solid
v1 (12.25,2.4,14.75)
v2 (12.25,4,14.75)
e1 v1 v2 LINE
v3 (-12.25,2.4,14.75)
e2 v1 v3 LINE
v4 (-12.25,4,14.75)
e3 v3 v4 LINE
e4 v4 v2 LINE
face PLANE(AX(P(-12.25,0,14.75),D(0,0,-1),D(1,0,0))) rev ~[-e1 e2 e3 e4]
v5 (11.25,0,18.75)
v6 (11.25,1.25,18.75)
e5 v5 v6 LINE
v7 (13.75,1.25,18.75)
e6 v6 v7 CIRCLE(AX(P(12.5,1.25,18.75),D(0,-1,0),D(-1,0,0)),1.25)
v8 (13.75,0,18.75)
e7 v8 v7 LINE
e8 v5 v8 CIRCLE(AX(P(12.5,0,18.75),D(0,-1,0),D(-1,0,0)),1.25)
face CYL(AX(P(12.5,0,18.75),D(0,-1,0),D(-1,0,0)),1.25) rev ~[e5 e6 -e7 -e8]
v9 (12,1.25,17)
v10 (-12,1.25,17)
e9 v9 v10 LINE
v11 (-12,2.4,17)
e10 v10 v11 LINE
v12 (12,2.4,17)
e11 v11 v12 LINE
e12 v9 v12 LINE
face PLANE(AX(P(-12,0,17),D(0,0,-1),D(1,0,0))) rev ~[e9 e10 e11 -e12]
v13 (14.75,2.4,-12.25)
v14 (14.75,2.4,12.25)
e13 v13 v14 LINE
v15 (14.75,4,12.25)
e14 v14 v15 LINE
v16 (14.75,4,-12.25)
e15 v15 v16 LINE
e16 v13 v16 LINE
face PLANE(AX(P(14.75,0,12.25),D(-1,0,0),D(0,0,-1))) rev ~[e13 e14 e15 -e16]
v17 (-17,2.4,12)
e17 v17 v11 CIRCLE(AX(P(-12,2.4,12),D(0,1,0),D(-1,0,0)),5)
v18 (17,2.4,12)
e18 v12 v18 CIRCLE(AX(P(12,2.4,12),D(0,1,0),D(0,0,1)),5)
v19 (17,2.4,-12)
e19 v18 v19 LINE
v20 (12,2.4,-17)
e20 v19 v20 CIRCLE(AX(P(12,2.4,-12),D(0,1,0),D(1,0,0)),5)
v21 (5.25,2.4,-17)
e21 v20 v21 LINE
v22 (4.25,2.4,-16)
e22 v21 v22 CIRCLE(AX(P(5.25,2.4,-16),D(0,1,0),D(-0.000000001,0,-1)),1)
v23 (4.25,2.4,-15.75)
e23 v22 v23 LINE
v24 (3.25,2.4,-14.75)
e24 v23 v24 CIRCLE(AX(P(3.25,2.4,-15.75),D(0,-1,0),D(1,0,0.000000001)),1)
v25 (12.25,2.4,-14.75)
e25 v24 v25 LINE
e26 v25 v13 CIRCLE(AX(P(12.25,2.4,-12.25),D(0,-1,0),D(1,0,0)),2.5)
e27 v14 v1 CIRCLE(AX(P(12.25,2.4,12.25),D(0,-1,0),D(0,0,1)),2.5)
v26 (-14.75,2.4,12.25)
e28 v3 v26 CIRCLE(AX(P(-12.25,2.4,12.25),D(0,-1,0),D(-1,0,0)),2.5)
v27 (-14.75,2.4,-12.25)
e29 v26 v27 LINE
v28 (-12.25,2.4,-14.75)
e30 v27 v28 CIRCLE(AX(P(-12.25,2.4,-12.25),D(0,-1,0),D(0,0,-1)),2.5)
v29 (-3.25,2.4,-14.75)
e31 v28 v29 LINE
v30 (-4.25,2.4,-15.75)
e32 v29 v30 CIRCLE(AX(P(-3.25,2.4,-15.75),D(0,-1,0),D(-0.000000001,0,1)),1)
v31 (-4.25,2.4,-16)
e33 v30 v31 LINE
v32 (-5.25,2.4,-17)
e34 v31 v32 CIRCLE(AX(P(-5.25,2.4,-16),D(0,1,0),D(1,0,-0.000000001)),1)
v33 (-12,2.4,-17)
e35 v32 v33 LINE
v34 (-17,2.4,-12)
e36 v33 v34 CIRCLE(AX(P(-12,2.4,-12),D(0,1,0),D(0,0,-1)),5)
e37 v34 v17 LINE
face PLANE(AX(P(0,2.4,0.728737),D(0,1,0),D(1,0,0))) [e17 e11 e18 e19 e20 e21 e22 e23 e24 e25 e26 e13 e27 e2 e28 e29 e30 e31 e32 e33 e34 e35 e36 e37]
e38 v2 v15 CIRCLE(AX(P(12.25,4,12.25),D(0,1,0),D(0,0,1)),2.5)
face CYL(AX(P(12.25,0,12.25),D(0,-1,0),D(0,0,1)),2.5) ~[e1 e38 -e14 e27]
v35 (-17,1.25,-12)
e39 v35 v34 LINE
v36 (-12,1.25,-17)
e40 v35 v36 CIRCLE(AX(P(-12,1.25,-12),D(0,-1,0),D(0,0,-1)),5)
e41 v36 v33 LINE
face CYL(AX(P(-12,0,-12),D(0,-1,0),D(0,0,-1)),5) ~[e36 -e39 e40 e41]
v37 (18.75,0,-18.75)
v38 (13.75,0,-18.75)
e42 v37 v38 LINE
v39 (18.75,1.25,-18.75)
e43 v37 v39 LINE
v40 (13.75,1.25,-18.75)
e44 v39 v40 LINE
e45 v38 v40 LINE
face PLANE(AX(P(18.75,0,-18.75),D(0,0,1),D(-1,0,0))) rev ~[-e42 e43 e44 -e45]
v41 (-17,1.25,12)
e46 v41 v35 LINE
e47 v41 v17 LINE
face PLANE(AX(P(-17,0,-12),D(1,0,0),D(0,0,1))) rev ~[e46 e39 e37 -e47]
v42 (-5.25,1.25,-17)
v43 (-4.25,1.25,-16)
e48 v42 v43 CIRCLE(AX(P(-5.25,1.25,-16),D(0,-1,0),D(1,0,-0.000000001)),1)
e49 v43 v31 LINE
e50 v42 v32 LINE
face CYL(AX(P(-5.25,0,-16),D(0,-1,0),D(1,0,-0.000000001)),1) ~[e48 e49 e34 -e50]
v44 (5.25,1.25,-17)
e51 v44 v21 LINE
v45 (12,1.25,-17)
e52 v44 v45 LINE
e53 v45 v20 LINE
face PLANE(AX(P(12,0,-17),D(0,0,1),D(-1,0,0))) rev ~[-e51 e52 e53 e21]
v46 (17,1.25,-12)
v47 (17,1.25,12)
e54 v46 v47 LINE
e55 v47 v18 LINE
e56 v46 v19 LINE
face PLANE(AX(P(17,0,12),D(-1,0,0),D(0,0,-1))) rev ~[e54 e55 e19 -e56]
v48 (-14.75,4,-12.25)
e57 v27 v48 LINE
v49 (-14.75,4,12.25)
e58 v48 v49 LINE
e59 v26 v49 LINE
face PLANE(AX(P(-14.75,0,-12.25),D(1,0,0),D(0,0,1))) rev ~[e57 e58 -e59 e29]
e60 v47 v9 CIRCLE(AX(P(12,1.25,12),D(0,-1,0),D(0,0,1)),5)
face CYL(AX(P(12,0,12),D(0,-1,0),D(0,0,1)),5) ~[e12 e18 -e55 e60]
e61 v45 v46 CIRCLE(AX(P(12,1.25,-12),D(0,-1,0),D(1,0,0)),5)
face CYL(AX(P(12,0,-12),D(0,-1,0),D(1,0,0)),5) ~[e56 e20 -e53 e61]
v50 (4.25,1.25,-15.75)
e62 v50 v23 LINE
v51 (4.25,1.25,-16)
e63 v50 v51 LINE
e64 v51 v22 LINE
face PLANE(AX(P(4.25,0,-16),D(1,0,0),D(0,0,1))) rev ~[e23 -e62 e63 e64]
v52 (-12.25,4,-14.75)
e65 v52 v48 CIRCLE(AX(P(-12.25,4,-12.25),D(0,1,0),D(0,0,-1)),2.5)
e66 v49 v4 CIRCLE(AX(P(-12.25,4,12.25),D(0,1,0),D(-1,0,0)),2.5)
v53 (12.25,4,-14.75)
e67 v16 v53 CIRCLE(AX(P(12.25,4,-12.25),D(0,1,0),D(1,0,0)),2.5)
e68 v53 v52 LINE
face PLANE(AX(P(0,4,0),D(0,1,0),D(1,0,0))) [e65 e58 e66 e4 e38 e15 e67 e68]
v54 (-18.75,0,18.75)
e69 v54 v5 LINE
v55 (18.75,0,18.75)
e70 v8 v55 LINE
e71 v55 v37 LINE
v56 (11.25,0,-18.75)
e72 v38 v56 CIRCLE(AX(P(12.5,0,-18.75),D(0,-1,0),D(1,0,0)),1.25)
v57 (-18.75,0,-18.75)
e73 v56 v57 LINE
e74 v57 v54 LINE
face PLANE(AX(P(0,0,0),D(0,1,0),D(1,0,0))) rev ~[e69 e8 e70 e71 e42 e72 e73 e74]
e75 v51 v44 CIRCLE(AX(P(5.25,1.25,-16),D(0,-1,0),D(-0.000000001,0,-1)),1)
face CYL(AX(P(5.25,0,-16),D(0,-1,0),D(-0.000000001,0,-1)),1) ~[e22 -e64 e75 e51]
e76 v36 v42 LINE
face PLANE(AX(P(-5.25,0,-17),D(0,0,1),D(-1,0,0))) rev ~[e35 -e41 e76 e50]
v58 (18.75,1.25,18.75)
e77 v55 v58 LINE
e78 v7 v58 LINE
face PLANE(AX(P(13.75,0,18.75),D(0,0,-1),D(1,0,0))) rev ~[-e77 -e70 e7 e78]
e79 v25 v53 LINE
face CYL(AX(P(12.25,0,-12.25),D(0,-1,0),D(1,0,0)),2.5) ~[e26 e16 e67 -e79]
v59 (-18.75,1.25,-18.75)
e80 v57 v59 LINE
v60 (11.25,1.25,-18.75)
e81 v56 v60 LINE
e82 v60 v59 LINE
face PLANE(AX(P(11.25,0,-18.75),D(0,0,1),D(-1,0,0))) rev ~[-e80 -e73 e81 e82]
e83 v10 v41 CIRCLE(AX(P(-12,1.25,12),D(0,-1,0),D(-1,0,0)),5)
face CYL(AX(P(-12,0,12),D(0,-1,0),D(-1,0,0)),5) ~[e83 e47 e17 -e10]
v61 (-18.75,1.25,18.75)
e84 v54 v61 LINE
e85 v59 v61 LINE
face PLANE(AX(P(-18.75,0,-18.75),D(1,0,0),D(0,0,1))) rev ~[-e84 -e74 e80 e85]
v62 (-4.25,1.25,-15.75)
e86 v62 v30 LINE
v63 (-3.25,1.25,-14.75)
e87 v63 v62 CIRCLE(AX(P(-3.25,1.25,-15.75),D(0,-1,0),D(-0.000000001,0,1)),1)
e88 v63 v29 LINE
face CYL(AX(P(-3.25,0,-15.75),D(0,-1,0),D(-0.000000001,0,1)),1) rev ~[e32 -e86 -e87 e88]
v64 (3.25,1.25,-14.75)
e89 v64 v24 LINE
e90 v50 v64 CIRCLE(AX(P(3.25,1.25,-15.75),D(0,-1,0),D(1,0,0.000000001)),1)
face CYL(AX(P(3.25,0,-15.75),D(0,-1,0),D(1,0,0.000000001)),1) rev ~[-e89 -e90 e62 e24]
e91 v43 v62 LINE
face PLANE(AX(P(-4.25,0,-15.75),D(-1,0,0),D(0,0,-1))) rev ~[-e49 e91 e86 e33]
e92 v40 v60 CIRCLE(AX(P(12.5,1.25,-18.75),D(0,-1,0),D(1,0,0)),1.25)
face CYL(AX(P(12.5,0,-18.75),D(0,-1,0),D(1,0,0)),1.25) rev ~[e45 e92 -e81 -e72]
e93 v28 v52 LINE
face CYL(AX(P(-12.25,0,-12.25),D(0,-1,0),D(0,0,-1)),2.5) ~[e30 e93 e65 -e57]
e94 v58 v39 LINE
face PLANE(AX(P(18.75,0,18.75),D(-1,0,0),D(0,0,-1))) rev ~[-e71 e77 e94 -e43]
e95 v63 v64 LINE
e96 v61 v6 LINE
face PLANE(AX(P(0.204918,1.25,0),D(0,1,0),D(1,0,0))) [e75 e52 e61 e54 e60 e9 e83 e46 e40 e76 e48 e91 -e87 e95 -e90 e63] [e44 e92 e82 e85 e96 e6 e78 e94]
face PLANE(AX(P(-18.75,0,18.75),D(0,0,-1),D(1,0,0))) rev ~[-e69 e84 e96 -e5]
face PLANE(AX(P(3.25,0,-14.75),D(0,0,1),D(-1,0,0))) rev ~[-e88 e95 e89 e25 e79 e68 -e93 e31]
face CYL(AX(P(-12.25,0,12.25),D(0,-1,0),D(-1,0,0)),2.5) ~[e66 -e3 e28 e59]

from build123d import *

# Parameters (mm, degrees)
BOSS_EXTRUDE1_DEPTH = 1.25
BOSS_EXTRUDE2_DEPTH = 2.4
BOSS_EXTRUDE3_DEPTH = 4


with BuildPart() as part:
    # Sketch1 → Boss-Extrude1 (new body)
    with BuildSketch(Plane(origin=(0, 0, 0), x_dir=(1, 0, 0), z_dir=(0, 1, 0))):
        with BuildLine():
            Line((18.75, 18.75), (13.75, 18.75))
            ThreePointArc((13.75, 18.75), (12.5, 17.5), (11.25, 18.75))
            Line((11.25, 18.75), (-18.75, 18.75))
            Line((-18.75, 18.75), (-18.75, -18.75))
            Line((-18.75, -18.75), (11.25, -18.75))
            ThreePointArc((11.25, -18.75), (12.5, -17.5), (13.75, -18.75))
            Line((13.75, -18.75), (18.75, -18.75))
            Line((18.75, -18.75), (18.75, 18.75))
        make_face()
    extrude(amount=BOSS_EXTRUDE1_DEPTH)

    # Sketch1<3> → Boss-Extrude2 (add)
    with BuildSketch(Plane(origin=(0, 0, 0), x_dir=(1, 0, 0), z_dir=(0, 1, 0))):
        with BuildLine():
            Line((-4.25, 15.75), (-4.25, 16))
            ThreePointArc((-4.25, 16), (-4.542893219, 16.707106781), (-5.25, 17))
            Line((-5.25, 17), (-12, 17))
            ThreePointArc((-12, 17), (-15.535533906, 15.535533906), (-17, 12))
            Line((-17, 12), (-17, -12))
            ThreePointArc((-17, -12), (-15.535533906, -15.535533906), (-12, -17))
            Line((-12, -17), (12, -17))
            ThreePointArc((12, -17), (15.535533906, -15.535533906), (17, -12))
            Line((17, -12), (17, 12))
            ThreePointArc((17, 12), (15.535533906, 15.535533906), (12, 17))
            Line((12, 17), (5.25, 17))
            ThreePointArc((5.25, 17), (4.542893219, 16.707106781), (4.25, 16))
            Line((4.25, 16), (4.25, 15.75))
            ThreePointArc((4.25, 15.75), (3.957106781, 15.042893219), (3.25, 14.75))
            Line((3.25, 14.75), (-3.25, 14.75))
            ThreePointArc((-3.25, 14.75), (-3.957106781, 15.042893219), (-4.25, 15.75))
        make_face()
    extrude(amount=BOSS_EXTRUDE2_DEPTH)

    # Sketch1<4> → Boss-Extrude3 (add)
    with BuildSketch(Plane(origin=(0, 0, 0), x_dir=(1, 0, 0), z_dir=(0, 1, 0))):
        with BuildLine():
            Line((3.25, 14.75), (-3.25, 14.75))
            Line((-3.25, 14.75), (-12.25, 14.75))
            ThreePointArc((-12.25, 14.75), (-14.017766953, 14.017766953), (-14.75, 12.25))
            Line((-14.75, 12.25), (-14.75, -12.25))
            ThreePointArc((-14.75, -12.25), (-14.017766953, -14.017766953), (-12.25, -14.75))
            Line((-12.25, -14.75), (12.25, -14.75))
            ThreePointArc((12.25, -14.75), (14.017766953, -14.017766953), (14.75, -12.25))
            Line((14.75, -12.25), (14.75, 12.25))
            ThreePointArc((14.75, 12.25), (14.017766953, 14.017766953), (12.25, 14.75))
            Line((12.25, 14.75), (3.25, 14.75))
        make_face()
    extrude(amount=BOSS_EXTRUDE3_DEPTH)


solid = part.part
